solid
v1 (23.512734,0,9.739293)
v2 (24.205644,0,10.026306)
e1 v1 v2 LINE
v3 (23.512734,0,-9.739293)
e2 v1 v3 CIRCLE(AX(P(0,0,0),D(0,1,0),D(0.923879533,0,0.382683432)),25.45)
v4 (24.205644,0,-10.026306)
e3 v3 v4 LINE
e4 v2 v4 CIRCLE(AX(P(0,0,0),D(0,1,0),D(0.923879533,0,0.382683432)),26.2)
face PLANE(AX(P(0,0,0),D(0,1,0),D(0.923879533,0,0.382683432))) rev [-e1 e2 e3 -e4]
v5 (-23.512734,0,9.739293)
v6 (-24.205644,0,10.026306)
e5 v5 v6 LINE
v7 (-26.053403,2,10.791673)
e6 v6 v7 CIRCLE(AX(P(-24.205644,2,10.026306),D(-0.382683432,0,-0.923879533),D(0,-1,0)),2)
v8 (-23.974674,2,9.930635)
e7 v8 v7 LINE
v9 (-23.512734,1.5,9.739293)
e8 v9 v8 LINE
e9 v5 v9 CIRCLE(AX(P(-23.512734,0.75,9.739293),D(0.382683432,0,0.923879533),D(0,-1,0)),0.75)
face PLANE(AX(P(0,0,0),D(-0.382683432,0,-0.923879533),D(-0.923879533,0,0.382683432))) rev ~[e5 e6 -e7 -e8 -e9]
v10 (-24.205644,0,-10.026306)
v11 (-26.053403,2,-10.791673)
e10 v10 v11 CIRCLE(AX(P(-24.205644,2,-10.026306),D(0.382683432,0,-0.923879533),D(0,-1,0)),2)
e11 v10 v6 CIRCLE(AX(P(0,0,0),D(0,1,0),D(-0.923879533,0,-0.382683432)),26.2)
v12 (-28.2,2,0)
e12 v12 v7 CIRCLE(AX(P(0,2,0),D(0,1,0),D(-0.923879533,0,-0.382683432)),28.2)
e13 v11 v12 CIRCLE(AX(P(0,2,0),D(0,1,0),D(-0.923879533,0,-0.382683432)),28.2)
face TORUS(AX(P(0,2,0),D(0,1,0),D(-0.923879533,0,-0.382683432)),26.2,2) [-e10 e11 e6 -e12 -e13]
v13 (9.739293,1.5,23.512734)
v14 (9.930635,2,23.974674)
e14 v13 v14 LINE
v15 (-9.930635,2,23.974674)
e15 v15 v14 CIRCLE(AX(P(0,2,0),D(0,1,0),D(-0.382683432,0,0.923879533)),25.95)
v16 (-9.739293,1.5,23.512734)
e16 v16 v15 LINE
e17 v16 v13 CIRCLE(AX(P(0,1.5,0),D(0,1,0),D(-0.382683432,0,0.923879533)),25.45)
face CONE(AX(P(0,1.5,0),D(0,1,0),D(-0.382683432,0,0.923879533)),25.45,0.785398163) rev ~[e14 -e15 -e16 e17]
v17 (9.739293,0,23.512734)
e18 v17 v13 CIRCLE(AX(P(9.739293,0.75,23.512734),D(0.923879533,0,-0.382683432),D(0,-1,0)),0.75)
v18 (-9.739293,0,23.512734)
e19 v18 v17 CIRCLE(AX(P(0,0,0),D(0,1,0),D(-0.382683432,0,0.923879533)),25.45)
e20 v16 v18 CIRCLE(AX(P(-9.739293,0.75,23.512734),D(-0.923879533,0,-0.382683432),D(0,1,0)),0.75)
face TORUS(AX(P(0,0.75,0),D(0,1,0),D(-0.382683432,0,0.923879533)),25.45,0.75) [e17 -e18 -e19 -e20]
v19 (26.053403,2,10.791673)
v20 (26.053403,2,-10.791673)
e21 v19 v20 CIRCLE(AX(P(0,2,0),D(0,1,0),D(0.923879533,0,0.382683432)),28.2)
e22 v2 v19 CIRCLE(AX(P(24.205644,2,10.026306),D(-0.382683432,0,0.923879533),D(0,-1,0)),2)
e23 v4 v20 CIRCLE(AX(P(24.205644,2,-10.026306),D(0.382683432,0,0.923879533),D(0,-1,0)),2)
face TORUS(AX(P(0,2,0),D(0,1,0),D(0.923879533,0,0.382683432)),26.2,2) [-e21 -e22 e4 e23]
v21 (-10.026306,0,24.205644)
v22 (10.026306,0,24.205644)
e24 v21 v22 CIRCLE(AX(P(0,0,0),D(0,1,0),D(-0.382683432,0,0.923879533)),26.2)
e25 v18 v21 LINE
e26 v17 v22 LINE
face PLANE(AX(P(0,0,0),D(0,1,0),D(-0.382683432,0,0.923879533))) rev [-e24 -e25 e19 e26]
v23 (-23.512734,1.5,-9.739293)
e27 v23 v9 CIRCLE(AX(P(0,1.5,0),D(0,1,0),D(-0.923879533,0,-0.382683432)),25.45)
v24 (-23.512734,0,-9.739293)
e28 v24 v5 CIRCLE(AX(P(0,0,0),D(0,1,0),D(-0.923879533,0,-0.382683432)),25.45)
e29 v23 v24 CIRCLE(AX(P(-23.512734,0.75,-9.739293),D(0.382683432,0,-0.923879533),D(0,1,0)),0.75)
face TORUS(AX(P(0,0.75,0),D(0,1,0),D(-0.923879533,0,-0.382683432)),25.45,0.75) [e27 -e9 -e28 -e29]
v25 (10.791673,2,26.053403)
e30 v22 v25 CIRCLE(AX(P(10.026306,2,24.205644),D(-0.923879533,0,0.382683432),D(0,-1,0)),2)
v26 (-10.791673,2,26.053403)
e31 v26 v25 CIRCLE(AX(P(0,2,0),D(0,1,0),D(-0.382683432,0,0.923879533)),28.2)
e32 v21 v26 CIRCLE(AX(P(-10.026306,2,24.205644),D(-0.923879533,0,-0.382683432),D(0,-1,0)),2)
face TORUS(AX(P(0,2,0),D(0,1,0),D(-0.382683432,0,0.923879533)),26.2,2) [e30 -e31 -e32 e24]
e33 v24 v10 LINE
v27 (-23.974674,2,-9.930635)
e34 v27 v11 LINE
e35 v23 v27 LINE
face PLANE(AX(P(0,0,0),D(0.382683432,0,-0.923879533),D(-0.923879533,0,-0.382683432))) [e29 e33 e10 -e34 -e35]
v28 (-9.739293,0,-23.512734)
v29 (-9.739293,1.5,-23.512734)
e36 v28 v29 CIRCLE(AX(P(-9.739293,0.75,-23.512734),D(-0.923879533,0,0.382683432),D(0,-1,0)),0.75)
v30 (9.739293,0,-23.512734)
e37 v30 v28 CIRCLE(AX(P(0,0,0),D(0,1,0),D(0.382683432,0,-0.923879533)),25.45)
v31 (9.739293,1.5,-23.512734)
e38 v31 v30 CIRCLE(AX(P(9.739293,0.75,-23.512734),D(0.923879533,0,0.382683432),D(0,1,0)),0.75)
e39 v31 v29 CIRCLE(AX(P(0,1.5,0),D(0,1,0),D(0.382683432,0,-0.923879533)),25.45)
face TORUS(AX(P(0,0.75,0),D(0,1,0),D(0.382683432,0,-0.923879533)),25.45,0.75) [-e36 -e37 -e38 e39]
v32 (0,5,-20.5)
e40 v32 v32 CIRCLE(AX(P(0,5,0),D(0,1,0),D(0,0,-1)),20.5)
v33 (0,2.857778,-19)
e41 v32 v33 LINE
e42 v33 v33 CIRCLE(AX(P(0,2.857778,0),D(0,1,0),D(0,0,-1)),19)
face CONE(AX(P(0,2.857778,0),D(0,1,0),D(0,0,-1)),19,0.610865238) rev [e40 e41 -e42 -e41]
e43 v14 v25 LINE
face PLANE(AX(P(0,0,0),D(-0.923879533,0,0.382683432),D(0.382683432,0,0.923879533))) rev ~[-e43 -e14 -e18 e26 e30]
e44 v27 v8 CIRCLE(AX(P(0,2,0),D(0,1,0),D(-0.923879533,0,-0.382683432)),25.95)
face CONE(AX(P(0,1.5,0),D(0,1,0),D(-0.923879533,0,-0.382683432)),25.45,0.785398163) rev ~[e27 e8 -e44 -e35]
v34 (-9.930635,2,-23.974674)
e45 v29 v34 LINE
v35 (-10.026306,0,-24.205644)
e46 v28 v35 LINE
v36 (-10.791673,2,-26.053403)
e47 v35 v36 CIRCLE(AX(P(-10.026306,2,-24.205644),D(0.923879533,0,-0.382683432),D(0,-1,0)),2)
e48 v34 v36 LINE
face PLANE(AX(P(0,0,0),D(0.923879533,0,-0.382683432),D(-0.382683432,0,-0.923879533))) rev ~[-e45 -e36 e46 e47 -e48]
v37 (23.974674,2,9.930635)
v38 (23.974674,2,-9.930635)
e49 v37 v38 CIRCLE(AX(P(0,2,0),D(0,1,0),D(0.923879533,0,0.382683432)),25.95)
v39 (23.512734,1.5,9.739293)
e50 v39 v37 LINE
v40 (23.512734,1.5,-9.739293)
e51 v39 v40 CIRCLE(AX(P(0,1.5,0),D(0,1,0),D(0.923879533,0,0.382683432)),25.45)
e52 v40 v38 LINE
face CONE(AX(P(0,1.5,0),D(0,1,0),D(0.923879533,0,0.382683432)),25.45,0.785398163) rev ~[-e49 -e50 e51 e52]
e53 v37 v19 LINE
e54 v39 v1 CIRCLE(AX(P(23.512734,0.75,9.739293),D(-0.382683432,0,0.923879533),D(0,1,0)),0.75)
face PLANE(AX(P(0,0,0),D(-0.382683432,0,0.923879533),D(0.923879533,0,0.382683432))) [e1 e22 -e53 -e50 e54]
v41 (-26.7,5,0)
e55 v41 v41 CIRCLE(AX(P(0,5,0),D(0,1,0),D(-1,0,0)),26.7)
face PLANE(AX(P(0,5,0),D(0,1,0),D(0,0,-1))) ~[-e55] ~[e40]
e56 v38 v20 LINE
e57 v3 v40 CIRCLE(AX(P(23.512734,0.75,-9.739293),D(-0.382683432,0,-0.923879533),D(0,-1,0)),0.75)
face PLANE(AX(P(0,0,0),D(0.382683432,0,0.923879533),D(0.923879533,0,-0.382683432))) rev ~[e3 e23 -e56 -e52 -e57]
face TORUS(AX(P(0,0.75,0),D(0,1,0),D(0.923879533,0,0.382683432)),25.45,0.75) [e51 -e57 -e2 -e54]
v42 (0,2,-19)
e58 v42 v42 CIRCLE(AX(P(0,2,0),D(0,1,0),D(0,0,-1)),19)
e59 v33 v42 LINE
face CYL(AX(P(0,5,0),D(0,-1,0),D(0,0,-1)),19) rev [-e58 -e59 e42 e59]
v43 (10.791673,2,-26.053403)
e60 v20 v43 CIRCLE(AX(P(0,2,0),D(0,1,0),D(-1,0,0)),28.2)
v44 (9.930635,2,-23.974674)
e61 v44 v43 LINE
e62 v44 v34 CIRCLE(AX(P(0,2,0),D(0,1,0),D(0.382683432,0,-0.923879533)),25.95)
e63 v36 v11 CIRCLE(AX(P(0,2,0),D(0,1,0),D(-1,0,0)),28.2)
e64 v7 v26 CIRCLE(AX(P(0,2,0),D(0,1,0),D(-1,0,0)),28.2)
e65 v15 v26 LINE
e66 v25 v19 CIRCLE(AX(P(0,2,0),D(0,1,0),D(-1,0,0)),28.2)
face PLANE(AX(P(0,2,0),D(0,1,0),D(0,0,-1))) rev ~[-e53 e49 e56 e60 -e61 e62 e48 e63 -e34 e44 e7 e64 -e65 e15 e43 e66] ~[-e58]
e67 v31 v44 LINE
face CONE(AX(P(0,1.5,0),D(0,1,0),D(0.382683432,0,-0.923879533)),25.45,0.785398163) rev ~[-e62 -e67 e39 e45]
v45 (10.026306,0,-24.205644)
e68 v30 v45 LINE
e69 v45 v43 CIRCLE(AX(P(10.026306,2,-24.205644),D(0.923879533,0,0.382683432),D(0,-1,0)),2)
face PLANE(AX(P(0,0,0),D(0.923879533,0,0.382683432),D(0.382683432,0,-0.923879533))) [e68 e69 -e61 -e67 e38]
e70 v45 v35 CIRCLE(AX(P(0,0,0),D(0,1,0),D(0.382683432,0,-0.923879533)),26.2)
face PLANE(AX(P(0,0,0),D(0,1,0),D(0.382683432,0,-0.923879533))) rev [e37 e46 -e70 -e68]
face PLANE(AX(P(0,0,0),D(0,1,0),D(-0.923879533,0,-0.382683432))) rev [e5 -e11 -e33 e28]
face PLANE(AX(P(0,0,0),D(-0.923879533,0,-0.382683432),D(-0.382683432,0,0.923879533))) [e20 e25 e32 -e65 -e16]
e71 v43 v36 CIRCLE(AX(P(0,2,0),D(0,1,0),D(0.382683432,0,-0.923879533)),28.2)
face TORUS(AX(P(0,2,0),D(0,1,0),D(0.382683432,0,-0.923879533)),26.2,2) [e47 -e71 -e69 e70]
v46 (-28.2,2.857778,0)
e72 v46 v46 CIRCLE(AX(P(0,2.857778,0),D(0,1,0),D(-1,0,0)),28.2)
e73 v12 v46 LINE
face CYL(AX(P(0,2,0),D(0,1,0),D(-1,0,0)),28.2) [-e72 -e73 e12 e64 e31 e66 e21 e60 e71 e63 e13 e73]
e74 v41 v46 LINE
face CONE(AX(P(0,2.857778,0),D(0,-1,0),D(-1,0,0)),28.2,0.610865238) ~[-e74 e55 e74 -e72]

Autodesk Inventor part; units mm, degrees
ref_plane "YZ Plane" through (0, 0, 0) normal (1, 0, 0) x (0, 1, 0)
ref_plane "XZ Plane" through (0, 0, 0) normal (0, 1, 0) x (-1, 0, 0)
ref_plane "XY Plane" through (0, 0, 0) normal (0, 0, 1) x (1, 0, 0)
sketch "Эскиз1" plane through (0, 0, 0) normal (1, 0, 0) x (0, 1, 0)
  line L0 (0, 0) -> (13.9611, 0) construction
  line L1 (0, 26.35) -> (-10, 26.35) construction
  line L2 (-10, 26.35) -> (-10, -26.35) construction
  line L3 (-10, -26.35) -> (0, -26.35) construction
  line L4 (0, -26.35) -> (0, 26.35) construction
  line L5 (0, 0) -> (0, -22.0675) construction
  line L6 (2, 25) -> (0, 25) construction
  line L7 (0, 25) -> (0, -25) construction
  line L8 (0, -25) -> (2, -25) construction
  line L9 (2, -25) -> (2, 25) construction
  line L10 (5, -19) -> (5, -30.35)
  line L11 (-2, -11.433) -> (-2, -38.2242) construction
  line L12 (5, -19) -> (2, -19)
  line L13 (5, -30.35) -> (2, -30.35)
  line L14 (2, -30.35) -> (2, -19)
  dimension "d0" = 10
  dimension "d1" = 52.7
  dimension "d2" = 2
  dimension "d3" = 50
  dimension "d4" = 3
  dimension "d6" = 2
  dimension "d7" = 6
  dimension "d8" = 3
  dimension "d10" = 4
revolve "Вращение1" add sketch "Эскиз1" angle 360 about axis through (0, 0, 0) along (0, 1, 0)
chamfer "Фаска1" distance 1.5 angle 55 1 edges at (0, 5, 19) measured on face at (2.4211, 5, -26.2727)
sketch "Эскиз2" plane through (0, 0, 0) normal (0, 0, 1) x (1, 0, 0)
  line L0 (-30.35, 5) -> (30.35, 5) construction
  line L1 (-30.35, 2) -> (30.35, 2) construction
  line L2 (-19, 2.8578) -> (19, 2.8578) construction
  line L3 (20.5, 5) -> (-20.5, 5) construction
  line L4 (-19, 2) -> (19, 2) construction
  line L5 (-19, 2.8578) -> (19, 2.8578) construction
  line L6 (0, 0) -> (25, 0) construction
  line L7 (25, 2) -> (25, -8.0068) construction
  line L8 (-30.35, 2) -> (30.35, 2) construction
  line L9 (25.2, 2) -> (25.2, -4.9803) construction
  line L10 (25.45, 1.5) -> (25.45, 1.5) construction
  line L11 (26.2, 1.5) -> (26.2, 0) construction
  line L12 (26.2, 0) -> (25.45, 0) construction
  line L13 (24.7, 0.75) -> (24.7, 0.75) construction
  line L14 (26.2, 0) -> (26.2, 0) construction
  line L15 (28.2, 2) -> (28.2, 2) construction
  line L16 (28.2, 2) -> (26.2, 2) construction
  line L17 (26.2, 2) -> (26.2, 2.25) construction
  arc A0 (25.45, 1.5) -> (24.7, 0.75) centre (25.45, 0.75) ccw
  arc A1 (24.7, 0.75) -> (25.45, 0) centre (25.45, 0.75) ccw
  arc A2 (26.2, 0) -> (28.2, 2) centre (26.2, 2) ccw
  line L18 (25.95, 2) -> (28.2, 2)
  line L19 (25.45, 0) -> (26.2, 0)
  line L20 (-19, 2) -> (19, 2) projected
  line L21 (0, 2) -> (0, 5)
  line L22 (-30.35, 5) -> (30.35, 5) projected
  line L23 (25.45, 1.5) -> (25.95, 2)
  point P0 (24.7, 0)
  point P1 (24.7, 0.75)
  point P2 (25.45, 1.5)
  dimension "d15" = 25
  dimension "d16" = 0.2
  dimension "d17" = 1.5
  dimension "d18" = 1.5
  dimension "d19" = 0.5
  dimension "d20" = 2
  dimension "d21" = 0.75
  dimension "d22" = 2
  dimension "d31" = 45
revolve "Вращение2" add sketch "Эскиз2" angle 45 mid plane about axis through (0, 2, 0) along (0, 1, 0)
pattern_circular "Круговой массив1" count 4 over 360 about axis through (0, 3.5, 0) along (0, -1, 0) of "Вращение2"
sketch "Эскиз3" plane through (0, 0, 0) normal (0, 0, 1) x (1, 0, 0)
  line L0 (-30.35, 5) -> (30.35, 5) construction
  line L1 (20.5, 5) -> (-20.5, 5) construction
  arc A0 (-28.2, 2) -> (-26.2, 0) centre (-26.2, 2) ccw construction
  line L2 (-28.2, 2) -> (-28.2, 5)
  line L3 (-28.2, 5) -> (-20.5, 5) construction
  line L4 (-28.2, 2) -> (-31.4016, 2)
  line L5 (-31.4016, 2) -> (-31.4016, 5.1774)
  line L6 (-31.4016, 5.1774) -> (-28.2, 5.1774)
  line L7 (-28.2, 5.1774) -> (-28.2, 2)
  line L8 (0, 0) -> (0, 5)
revolve "Вращение3" cut sketch "Эскиз3" angle 360 about axis through (0, 0, 0) along (0, 1, 0)
chamfer "Фаска2" distance 1.5 angle 55 1 edges at (28.2, 5, 0) measured on face at (-25.3104, 5, -3.0732)
properties part number "mirror_lock_v1"
